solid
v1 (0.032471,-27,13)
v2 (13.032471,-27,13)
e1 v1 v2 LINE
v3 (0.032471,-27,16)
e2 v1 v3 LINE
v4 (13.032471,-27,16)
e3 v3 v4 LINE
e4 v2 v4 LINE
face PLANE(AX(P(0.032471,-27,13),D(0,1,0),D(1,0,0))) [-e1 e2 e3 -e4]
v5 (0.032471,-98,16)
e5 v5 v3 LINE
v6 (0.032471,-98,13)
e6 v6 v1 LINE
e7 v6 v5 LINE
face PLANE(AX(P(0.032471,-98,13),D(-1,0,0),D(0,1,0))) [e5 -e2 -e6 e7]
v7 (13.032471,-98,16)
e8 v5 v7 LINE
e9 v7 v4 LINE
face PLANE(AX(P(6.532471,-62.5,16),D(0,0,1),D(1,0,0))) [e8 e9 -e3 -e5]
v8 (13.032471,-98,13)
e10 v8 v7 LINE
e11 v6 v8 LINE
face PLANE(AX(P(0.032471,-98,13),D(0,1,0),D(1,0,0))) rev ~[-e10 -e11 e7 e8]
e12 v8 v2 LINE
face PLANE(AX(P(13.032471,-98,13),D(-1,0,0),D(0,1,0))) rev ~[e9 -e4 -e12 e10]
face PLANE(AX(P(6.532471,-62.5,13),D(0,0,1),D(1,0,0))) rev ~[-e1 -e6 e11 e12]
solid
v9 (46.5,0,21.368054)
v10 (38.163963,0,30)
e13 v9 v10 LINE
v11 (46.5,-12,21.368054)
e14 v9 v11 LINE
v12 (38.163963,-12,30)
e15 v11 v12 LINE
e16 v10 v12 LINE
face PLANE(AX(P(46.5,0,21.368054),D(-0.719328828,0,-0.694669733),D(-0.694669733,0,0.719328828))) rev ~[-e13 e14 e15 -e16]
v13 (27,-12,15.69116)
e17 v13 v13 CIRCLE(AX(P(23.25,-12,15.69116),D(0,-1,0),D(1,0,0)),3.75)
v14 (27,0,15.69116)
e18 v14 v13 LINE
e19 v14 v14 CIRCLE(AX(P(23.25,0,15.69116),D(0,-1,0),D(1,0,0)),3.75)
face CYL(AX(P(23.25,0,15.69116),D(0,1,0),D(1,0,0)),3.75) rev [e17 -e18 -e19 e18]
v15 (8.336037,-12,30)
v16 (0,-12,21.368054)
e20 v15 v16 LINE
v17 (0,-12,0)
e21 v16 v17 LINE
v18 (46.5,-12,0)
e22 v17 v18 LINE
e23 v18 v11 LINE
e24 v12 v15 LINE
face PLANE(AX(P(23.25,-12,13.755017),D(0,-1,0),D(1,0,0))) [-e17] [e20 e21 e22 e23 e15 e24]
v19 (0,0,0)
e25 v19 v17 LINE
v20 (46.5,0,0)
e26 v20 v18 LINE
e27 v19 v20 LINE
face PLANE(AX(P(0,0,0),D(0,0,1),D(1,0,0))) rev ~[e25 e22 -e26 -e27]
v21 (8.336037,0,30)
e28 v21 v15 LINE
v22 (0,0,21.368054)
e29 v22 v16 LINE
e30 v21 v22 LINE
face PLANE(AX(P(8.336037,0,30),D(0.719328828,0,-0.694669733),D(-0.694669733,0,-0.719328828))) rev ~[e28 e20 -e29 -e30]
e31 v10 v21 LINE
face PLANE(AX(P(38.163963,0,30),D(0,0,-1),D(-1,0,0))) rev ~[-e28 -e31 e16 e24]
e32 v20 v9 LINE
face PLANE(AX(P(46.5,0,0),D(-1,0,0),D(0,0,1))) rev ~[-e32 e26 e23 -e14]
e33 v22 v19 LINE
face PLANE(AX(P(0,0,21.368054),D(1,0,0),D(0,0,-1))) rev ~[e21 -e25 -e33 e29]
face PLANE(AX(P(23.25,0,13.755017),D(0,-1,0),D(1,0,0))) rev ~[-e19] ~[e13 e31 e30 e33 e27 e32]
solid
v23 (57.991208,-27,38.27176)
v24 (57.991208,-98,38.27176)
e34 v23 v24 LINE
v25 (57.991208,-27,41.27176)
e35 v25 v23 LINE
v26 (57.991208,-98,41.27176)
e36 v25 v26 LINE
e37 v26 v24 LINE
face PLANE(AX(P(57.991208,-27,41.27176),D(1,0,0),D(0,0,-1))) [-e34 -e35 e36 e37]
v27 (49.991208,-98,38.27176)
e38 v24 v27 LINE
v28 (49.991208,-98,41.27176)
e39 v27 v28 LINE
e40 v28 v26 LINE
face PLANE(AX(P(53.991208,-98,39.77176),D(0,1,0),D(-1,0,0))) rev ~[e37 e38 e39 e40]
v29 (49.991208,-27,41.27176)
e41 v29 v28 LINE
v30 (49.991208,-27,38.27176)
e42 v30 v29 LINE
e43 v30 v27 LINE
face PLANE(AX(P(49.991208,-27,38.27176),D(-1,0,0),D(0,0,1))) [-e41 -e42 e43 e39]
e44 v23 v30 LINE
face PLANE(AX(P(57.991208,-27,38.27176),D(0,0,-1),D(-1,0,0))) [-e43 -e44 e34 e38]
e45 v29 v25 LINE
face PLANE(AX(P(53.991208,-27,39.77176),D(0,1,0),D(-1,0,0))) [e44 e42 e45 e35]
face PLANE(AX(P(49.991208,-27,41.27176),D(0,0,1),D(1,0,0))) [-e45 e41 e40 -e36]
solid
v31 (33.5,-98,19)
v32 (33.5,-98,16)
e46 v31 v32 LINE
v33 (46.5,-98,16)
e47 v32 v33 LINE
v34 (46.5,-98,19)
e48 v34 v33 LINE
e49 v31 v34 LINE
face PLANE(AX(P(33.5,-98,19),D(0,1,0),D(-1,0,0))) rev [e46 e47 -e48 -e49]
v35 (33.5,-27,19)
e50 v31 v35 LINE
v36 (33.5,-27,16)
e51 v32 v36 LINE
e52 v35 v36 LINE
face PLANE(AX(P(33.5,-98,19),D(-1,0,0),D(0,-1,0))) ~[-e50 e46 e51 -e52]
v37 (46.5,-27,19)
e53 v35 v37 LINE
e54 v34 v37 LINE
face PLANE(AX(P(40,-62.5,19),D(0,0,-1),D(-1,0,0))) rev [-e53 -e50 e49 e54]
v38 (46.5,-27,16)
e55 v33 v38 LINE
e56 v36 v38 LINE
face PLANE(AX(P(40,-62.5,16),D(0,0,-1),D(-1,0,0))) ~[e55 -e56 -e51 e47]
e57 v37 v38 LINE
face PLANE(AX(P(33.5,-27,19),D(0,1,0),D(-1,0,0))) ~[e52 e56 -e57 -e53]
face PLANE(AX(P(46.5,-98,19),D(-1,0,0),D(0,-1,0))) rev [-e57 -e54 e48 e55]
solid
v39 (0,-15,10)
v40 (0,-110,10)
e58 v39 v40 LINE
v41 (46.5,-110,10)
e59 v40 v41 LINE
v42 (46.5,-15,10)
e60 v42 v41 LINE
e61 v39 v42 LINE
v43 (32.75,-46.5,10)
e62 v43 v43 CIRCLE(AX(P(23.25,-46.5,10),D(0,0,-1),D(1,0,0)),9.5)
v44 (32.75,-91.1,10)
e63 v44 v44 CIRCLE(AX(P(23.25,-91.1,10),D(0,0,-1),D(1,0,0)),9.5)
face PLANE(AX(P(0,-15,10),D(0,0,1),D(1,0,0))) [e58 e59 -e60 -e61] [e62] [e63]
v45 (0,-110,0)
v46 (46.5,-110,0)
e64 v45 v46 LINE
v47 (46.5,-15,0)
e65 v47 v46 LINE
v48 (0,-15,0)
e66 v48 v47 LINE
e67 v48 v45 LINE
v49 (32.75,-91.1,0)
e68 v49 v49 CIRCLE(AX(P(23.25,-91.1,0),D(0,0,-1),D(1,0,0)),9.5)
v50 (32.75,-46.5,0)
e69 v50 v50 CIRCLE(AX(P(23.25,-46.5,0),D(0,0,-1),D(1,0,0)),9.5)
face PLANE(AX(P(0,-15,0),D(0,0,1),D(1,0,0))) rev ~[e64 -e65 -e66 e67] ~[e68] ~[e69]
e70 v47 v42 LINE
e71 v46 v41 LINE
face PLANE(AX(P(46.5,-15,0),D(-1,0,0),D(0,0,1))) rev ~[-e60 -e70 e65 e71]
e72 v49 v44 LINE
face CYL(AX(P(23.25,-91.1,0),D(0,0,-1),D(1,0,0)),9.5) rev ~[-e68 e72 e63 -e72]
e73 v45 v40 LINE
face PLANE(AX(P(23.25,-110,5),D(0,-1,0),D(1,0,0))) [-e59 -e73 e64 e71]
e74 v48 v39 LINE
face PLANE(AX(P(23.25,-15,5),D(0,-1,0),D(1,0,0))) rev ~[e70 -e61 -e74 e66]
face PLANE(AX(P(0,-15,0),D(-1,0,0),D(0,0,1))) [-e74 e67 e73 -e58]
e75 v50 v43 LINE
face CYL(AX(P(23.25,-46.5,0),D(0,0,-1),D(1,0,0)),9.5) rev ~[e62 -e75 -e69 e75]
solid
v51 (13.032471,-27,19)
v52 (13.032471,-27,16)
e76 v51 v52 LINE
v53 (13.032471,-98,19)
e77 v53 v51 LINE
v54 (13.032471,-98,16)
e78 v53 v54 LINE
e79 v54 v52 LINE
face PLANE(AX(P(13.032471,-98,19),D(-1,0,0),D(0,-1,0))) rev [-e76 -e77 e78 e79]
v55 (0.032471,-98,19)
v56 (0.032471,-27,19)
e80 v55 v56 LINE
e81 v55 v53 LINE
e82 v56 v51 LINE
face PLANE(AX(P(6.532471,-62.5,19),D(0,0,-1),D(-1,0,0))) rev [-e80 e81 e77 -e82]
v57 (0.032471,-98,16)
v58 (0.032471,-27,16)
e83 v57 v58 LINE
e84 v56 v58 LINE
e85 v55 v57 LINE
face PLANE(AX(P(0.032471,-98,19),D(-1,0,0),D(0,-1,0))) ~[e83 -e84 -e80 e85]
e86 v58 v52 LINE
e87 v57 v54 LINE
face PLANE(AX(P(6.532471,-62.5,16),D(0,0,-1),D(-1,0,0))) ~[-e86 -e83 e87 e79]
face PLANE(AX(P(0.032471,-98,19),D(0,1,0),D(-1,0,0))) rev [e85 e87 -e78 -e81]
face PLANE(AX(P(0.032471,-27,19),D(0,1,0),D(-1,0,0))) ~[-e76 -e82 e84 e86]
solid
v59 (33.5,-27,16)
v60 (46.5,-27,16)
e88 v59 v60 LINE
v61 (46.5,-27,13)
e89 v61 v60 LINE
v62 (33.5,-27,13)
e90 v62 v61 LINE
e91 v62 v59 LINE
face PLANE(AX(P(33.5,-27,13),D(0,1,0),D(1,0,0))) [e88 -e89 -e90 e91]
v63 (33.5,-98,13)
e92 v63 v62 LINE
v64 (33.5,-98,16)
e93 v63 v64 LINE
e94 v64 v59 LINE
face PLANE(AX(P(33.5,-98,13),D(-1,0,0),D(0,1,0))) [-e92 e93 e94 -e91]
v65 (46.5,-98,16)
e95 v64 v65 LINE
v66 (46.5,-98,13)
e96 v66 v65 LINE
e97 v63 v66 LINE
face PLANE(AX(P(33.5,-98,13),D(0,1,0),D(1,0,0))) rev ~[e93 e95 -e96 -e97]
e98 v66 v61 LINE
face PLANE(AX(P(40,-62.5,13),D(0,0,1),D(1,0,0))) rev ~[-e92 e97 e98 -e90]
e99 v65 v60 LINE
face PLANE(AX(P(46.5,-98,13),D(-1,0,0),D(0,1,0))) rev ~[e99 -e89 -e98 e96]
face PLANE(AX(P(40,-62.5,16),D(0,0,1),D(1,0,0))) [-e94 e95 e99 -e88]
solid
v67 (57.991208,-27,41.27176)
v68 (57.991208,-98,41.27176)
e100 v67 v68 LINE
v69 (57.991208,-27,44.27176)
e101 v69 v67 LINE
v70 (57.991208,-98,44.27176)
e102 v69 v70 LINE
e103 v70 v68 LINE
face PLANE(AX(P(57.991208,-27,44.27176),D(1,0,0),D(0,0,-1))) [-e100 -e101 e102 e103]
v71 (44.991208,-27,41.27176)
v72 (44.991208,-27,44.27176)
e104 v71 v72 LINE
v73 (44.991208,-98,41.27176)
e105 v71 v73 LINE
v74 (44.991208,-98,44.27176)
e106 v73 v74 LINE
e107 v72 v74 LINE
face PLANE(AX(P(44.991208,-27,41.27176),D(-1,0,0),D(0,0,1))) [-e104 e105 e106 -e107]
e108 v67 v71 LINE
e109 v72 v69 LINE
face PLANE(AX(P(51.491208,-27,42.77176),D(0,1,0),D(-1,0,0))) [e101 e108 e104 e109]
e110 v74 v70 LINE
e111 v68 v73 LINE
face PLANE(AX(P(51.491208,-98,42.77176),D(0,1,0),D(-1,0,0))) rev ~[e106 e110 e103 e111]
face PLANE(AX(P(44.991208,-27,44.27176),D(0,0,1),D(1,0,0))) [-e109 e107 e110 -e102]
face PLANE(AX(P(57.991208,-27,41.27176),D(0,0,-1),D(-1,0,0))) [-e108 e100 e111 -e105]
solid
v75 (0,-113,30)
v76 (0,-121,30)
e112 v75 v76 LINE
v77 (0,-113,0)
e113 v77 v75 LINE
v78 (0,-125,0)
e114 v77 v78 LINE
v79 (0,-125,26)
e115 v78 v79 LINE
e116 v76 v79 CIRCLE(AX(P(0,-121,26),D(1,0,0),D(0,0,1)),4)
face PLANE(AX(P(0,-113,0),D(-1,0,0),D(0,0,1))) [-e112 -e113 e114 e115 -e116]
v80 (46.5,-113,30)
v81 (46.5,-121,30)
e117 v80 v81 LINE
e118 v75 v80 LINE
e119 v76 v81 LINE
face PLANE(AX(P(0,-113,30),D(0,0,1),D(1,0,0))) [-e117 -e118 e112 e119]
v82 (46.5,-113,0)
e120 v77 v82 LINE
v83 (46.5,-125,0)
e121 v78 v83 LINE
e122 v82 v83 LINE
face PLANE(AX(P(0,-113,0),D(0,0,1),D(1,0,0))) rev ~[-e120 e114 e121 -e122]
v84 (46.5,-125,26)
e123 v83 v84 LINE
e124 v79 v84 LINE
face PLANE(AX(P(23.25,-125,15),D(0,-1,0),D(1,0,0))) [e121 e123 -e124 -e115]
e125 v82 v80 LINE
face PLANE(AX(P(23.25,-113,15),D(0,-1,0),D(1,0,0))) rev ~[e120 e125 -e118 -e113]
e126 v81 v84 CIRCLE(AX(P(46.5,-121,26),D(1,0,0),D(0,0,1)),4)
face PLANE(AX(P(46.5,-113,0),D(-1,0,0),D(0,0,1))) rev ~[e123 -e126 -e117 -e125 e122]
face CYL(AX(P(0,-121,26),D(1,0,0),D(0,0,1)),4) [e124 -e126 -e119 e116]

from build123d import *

# Parameters (mm, degrees)
F0_R      = 3.75
F1_DEPTH  = 12
F3_W      = 46.5
F3_H      = 10
F4_DEPTH  = 95
F6_W      = 46.5
F6_H      = 30
F7_DEPTH  = 12
F8_R      = 4
F10_W     = 13
F10_H     = 71
F11_DEPTH = 3
F14_R     = 9.5
F15_DEPTH = 10
F18_DEPTH = 71
F19_DEPTH = 71


with BuildPart() as f1:
    # F0 (on Front) → F1 (new body)
    with BuildSketch(Plane.XZ):
        Polygon((0, 21.3680540694), (0, 0), (46.5, 0), (46.5, 21.3680540694), (38.1639632048, 30), (23.25, 30), (8.3360367952, 30), align=None)
        with Locations((23.25, 15.6911602244)):
            Circle(F0_R, mode=Mode.SUBTRACT)
    extrude(amount=F1_DEPTH)


with BuildPart() as f4:
    # F3 (on offset) → F4 (new body)
    with BuildSketch(Plane.XZ.offset(15)):
        with Locations((23.25, 5)):
            Rectangle(F3_W, F3_H)
    extrude(amount=F4_DEPTH)

    # F14 (on face) → F15 (cut, through all)
    with BuildSketch(Plane(origin=(0, 0, 0), x_dir=(1, 0, 0), z_dir=(0, 0, -1))):
        with Locations((23.25, 91.1)):
            Circle(F14_R)
        with Locations((23.25, 46.5)):
            Circle(F14_R)
    extrude(amount=-F15_DEPTH, mode=Mode.SUBTRACT)


with BuildPart() as f7:
    # F6 (on offset) → F7 (new body)
    with BuildSketch(Plane.XZ.offset(113)):
        with Locations((23.25, 15)):
            Rectangle(F6_W, F6_H)
    extrude(amount=F7_DEPTH)

    # F8
    f8_edges = [f7.edges().sort_by_distance(p)[0] for p in [
        (23.25, -125, 30),
    ]]
    fillet(f8_edges, radius=F8_R)


with BuildPart() as f11:
    # F10 (on offset) → F11 (new body)
    with BuildSketch(Plane.XY.offset(13)):
        with Locations((40, -62.5)):
            Rectangle(F10_W, F10_H)
    extrude(amount=F11_DEPTH)


with BuildPart() as f11b:
    # F10 (on offset) → F11, piece 2 (new body)
    with BuildSketch(Plane.XY.offset(13)):
        with Locations((6.5324707329, -62.5)):
            Rectangle(F10_W, F10_H)
    extrude(amount=F11_DEPTH)


with BuildPart() as f13_1:
    # F13: instance of F11
    add(f11.part.mirror(Plane.XY.offset(16)))


with BuildPart() as f13_2:
    # F13: instance of F11b
    add(f11b.part.mirror(Plane.XY.offset(16)))


with BuildPart() as f18:
    # F17 (on offset) → F18 (new body)
    with BuildSketch(Plane(origin=(0, -27, 0), x_dir=(-1, 0, 0), z_dir=(0, 1, 0))):
        Polygon((-53.3646971181, 41.2717601284), (-57.9912078685, 41.2717601284), (-57.9912078685, 38.2717601284), (-53.3646971181, 38.2717601284), (-49.9912078685, 38.2717601284), (-49.9912078685, 41.2717601284), align=None)
    extrude(amount=-F18_DEPTH)


with BuildPart() as f19:
    # F17 (on offset) → F19 (new body)
    with BuildSketch(Plane(origin=(0, -27, 0), x_dir=(-1, 0, 0), z_dir=(0, 1, 0))):
        Polygon((-44.9912078685, 41.2717601284), (-44.9912078685, 44.2717601284), (-57.9912078685, 44.2717601284), (-57.9912078685, 41.2717601284), (-53.3646971181, 41.2717601284), (-49.9912078685, 41.2717601284), align=None)
    extrude(amount=-F19_DEPTH)


solid = Compound([f1.part, f4.part, f7.part, f11.part, f11b.part, f13_1.part, f13_2.part, f18.part, f19.part])
